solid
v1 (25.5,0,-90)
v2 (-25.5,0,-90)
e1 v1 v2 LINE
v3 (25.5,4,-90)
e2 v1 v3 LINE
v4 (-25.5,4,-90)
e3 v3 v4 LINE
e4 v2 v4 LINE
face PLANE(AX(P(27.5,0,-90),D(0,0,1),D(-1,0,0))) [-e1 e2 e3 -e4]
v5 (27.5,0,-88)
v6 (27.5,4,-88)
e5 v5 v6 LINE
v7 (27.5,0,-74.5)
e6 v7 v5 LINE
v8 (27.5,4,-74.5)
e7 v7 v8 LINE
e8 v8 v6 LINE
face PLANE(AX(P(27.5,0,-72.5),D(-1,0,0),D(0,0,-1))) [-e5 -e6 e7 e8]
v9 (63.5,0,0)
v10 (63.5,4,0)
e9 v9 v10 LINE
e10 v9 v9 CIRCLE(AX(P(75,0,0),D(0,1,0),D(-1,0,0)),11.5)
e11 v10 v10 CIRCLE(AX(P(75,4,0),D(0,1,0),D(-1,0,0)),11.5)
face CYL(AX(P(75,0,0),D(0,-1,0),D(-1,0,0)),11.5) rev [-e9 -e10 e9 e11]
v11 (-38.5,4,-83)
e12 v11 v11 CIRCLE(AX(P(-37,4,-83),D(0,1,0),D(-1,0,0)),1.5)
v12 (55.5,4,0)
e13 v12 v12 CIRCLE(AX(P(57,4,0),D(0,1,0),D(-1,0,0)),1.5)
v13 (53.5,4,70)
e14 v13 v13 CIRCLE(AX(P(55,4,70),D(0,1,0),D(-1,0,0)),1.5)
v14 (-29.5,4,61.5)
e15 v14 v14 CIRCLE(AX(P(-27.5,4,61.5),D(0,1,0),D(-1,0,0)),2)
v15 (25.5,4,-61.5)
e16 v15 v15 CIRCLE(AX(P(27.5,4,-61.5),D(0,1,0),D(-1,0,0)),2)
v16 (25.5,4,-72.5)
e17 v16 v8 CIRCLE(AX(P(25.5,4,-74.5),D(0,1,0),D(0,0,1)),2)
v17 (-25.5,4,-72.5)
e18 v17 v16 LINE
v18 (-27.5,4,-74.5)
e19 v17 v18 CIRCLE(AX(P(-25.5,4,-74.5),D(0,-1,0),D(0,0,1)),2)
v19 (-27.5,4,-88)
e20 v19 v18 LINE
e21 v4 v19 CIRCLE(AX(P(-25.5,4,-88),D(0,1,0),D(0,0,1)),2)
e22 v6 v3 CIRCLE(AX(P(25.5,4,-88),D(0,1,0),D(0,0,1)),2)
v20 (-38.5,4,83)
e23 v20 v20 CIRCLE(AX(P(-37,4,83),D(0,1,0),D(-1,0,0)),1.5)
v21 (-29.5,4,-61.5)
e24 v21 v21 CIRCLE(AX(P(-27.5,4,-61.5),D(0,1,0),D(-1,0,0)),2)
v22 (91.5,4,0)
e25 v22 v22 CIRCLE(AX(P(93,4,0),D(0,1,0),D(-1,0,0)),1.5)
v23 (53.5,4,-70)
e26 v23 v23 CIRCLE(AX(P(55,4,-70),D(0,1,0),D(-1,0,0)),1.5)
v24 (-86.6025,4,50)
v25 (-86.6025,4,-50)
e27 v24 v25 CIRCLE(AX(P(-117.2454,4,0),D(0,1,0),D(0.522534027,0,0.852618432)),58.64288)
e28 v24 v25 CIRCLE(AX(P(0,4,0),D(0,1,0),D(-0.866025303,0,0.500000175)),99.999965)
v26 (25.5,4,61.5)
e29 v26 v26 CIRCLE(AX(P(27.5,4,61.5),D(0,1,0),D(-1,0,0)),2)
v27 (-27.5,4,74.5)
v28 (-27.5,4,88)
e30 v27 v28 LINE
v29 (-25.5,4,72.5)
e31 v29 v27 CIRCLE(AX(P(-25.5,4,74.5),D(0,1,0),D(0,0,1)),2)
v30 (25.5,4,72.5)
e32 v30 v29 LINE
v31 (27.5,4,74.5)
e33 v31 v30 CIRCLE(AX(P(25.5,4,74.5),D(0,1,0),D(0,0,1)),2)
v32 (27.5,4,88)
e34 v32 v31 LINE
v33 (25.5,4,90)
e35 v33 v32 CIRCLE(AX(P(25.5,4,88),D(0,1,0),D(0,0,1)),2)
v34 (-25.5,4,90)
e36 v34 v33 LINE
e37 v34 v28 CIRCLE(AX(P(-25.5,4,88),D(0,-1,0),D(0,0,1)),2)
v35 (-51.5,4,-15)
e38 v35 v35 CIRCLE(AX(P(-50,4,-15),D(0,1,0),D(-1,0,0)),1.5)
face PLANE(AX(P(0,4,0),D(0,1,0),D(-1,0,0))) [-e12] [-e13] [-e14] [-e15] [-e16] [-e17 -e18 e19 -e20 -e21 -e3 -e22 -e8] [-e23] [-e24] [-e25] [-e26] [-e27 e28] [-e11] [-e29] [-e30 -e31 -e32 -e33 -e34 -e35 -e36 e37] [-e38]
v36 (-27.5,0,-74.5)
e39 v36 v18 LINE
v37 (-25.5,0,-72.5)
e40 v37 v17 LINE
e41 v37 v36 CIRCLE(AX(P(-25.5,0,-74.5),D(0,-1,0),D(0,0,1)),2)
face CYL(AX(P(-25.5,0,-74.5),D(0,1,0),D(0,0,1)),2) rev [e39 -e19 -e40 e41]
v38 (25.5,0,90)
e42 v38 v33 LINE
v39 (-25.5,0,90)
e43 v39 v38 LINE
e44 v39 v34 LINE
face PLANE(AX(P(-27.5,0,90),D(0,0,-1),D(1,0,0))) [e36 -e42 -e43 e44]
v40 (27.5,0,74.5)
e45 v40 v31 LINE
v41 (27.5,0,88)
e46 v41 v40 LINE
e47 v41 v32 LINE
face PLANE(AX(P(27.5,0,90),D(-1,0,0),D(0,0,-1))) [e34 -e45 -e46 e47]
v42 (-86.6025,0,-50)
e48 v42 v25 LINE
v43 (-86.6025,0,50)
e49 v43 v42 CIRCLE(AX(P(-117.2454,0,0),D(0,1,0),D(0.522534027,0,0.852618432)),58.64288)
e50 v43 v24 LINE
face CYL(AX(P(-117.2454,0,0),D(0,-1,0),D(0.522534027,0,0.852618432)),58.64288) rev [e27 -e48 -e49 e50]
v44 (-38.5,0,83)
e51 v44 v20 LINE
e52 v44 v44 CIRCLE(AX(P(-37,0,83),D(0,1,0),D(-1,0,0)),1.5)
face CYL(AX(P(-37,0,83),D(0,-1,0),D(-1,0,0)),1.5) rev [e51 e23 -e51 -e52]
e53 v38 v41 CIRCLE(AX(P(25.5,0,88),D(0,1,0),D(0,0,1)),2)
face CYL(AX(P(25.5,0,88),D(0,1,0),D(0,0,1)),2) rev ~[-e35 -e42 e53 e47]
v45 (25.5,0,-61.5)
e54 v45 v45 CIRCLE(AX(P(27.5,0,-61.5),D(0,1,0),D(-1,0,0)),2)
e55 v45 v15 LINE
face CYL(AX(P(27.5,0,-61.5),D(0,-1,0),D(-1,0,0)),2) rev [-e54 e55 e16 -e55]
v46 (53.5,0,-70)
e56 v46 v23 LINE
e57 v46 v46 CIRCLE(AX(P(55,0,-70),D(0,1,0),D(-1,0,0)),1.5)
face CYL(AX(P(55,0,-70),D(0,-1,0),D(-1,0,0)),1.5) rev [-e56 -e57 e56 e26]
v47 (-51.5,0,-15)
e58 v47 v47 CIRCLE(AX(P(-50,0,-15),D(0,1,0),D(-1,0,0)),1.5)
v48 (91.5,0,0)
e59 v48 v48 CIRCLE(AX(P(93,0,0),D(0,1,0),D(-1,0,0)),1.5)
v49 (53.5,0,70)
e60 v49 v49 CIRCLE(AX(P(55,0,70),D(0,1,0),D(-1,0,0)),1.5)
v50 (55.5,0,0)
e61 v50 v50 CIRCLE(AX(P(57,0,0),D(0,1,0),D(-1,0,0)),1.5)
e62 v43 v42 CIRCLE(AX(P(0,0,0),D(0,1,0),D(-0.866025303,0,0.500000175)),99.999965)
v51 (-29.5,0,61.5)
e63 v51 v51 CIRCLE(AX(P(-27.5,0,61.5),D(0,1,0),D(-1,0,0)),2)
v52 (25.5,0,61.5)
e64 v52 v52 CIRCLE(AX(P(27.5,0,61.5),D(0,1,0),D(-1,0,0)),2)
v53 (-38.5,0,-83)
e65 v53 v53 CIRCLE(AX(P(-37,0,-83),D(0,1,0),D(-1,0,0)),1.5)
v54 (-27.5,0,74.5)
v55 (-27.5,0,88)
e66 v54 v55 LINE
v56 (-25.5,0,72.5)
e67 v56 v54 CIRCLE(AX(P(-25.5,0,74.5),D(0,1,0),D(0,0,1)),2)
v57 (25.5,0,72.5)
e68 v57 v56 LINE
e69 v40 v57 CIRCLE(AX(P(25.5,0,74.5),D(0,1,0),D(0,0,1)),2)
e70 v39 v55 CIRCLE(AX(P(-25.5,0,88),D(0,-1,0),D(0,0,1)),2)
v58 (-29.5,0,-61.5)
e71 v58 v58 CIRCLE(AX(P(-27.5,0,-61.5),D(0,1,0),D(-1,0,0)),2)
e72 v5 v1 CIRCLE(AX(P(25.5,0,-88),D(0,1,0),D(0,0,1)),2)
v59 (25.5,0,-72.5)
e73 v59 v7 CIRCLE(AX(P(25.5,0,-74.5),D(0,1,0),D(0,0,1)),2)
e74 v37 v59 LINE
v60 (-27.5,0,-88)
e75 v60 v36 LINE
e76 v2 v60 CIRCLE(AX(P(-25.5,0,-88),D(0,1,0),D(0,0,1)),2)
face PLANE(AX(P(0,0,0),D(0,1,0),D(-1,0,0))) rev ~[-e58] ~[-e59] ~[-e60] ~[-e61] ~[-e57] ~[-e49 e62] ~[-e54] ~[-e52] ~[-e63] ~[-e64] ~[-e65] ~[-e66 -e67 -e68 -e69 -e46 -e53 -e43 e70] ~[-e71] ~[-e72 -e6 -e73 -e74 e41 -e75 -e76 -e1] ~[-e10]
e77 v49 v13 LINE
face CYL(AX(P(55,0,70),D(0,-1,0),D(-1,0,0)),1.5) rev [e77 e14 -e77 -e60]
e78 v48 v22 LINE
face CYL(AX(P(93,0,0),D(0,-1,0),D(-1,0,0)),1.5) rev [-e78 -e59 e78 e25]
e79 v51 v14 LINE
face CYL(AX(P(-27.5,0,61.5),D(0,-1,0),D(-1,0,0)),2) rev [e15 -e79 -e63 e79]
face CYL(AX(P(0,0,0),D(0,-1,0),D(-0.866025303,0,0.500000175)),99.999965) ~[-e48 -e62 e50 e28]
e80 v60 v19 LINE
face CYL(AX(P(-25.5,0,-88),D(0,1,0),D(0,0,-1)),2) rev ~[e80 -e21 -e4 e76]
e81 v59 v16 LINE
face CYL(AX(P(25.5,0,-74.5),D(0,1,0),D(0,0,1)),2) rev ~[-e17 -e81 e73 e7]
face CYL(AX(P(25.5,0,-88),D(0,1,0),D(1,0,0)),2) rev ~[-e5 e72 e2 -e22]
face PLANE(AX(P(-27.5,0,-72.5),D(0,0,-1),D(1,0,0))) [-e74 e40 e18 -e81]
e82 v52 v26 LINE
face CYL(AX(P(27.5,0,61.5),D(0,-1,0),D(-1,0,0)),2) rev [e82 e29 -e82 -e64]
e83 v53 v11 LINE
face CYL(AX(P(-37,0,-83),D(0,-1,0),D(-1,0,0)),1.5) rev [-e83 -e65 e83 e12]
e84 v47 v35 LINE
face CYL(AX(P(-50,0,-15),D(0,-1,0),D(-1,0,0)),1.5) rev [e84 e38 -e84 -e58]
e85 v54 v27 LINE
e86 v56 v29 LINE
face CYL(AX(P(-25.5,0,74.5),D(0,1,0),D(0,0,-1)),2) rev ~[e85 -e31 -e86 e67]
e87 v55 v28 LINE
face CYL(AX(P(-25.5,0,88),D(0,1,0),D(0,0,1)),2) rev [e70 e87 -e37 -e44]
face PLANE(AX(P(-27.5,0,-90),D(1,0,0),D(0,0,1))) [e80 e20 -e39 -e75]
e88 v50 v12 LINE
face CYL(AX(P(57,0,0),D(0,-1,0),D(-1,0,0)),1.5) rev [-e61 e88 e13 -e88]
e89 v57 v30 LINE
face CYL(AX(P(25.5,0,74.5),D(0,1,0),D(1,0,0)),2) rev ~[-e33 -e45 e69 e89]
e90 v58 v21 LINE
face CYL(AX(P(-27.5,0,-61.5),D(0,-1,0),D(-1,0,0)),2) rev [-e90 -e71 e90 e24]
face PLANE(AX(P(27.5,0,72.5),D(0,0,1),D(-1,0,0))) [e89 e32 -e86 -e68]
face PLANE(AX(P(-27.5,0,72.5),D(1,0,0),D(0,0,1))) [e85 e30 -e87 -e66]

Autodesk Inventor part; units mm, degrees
ref_plane "YZ Plane" through (0, 0, 0) normal (1, 0, 0) x (0, 1, 0)
ref_plane "XZ Plane" through (0, 0, 0) normal (0, 1, 0) x (-1, 0, 0)
ref_plane "XY Plane" through (0, 0, 0) normal (0, 0, 1) x (1, 0, 0)
sketch "Skizze1" plane through (0, 0, 0) normal (0, 1, 0) x (-1, 0, 0)
  arc A0 (86.6025, 50) -> (86.6025, -50) centre (0, 0) ccw
  arc A1 (86.6025, 50) -> (86.6025, -50) centre (117.2454, 0) ccw
  line L0 (27.5, 90) -> (-27.5, 90)
  line L1 (-27.5, 90) -> (-27.5, 72.5)
  line L2 (-27.5, 72.5) -> (27.5, 72.5)
  line L3 (27.5, 72.5) -> (27.5, 90)
  line L4 (27.5, -72.5) -> (-27.5, -72.5)
  line L5 (-27.5, -72.5) -> (-27.5, -90)
  line L6 (-27.5, -90) -> (27.5, -90)
  line L7 (27.5, -90) -> (27.5, -72.5)
  circle A2 centre (91, 0) radius 32
  circle A3 centre (27.5, 61.5) radius 2
  circle A4 centre (-27.5, 61.5) radius 2
  circle A5 centre (27.5, -61.5) radius 2
  circle A6 centre (-27.5, -61.5) radius 2
  circle A7 centre (-75, 0) radius 11.5
  circle A8 centre (-57, 0) radius 1.5
  circle A9 centre (-93, 0) radius 1.5
  circle A10 centre (50, -15) radius 1.5
  circle A11 centre (37, -83) radius 1.5
  circle A12 centre (37, 83) radius 1.5
  circle A13 centre (-55, 70) radius 1.5
  circle A14 centre (-55, -70) radius 1.5
  point P0 (58.6025, 0)
  point P1 (27.5, -81.25)
  dimension "d0" = 100
  dimension "d1" = 100
  dimension "d2" = 17.5
  dimension "d3" = 28
  dimension "d4" = 55
  dimension "d5" = 17.5
  dimension "d7" = 72.5
  dimension "d8" = 72.5
  dimension "d9" = 27.5
  dimension "d12" = 64
  dimension "d13" = 4
  dimension "d14" = 4
  dimension "d15" = 4
  dimension "d16" = 4
  dimension "d19" = 11
  dimension "d23" = 11
  dimension "d25" = 27.5
  dimension "d26" = 27.5
  dimension "d43" = 23
  dimension "d48" = 75
  dimension "d49" = 3
  dimension "d50" = 3
  dimension "d51" = 36
  dimension "d52" = 18
  dimension "d95" = 3
  dimension "d96" = 3
  dimension "d97" = 3
  dimension "d98" = 3
  dimension "d99" = 3
  dimension "d100" = 70
  dimension "d101" = 70
  dimension "d102" = 55
  dimension "d103" = 83
  dimension "d104" = 83
  dimension "d105" = 37
  dimension "d106" = 50
  dimension "d108" = 15
extrude "Extrusion1" add sketch "Skizze1" along normal blind 4 contours A1 A0
fillet "Rundung1" radius 2 8 edges at (-27.5, 2, 72.5) (-27.5, 2, 90) (27.5, 2, 90) (27.5, 2, 72.5) (-27.5, 2, -72.5) (27.5, 2, -72.5) (27.5, 2, -90) (-27.5, 2, -90)
equation "\"d26\" = d25"
properties part number "base plate"
